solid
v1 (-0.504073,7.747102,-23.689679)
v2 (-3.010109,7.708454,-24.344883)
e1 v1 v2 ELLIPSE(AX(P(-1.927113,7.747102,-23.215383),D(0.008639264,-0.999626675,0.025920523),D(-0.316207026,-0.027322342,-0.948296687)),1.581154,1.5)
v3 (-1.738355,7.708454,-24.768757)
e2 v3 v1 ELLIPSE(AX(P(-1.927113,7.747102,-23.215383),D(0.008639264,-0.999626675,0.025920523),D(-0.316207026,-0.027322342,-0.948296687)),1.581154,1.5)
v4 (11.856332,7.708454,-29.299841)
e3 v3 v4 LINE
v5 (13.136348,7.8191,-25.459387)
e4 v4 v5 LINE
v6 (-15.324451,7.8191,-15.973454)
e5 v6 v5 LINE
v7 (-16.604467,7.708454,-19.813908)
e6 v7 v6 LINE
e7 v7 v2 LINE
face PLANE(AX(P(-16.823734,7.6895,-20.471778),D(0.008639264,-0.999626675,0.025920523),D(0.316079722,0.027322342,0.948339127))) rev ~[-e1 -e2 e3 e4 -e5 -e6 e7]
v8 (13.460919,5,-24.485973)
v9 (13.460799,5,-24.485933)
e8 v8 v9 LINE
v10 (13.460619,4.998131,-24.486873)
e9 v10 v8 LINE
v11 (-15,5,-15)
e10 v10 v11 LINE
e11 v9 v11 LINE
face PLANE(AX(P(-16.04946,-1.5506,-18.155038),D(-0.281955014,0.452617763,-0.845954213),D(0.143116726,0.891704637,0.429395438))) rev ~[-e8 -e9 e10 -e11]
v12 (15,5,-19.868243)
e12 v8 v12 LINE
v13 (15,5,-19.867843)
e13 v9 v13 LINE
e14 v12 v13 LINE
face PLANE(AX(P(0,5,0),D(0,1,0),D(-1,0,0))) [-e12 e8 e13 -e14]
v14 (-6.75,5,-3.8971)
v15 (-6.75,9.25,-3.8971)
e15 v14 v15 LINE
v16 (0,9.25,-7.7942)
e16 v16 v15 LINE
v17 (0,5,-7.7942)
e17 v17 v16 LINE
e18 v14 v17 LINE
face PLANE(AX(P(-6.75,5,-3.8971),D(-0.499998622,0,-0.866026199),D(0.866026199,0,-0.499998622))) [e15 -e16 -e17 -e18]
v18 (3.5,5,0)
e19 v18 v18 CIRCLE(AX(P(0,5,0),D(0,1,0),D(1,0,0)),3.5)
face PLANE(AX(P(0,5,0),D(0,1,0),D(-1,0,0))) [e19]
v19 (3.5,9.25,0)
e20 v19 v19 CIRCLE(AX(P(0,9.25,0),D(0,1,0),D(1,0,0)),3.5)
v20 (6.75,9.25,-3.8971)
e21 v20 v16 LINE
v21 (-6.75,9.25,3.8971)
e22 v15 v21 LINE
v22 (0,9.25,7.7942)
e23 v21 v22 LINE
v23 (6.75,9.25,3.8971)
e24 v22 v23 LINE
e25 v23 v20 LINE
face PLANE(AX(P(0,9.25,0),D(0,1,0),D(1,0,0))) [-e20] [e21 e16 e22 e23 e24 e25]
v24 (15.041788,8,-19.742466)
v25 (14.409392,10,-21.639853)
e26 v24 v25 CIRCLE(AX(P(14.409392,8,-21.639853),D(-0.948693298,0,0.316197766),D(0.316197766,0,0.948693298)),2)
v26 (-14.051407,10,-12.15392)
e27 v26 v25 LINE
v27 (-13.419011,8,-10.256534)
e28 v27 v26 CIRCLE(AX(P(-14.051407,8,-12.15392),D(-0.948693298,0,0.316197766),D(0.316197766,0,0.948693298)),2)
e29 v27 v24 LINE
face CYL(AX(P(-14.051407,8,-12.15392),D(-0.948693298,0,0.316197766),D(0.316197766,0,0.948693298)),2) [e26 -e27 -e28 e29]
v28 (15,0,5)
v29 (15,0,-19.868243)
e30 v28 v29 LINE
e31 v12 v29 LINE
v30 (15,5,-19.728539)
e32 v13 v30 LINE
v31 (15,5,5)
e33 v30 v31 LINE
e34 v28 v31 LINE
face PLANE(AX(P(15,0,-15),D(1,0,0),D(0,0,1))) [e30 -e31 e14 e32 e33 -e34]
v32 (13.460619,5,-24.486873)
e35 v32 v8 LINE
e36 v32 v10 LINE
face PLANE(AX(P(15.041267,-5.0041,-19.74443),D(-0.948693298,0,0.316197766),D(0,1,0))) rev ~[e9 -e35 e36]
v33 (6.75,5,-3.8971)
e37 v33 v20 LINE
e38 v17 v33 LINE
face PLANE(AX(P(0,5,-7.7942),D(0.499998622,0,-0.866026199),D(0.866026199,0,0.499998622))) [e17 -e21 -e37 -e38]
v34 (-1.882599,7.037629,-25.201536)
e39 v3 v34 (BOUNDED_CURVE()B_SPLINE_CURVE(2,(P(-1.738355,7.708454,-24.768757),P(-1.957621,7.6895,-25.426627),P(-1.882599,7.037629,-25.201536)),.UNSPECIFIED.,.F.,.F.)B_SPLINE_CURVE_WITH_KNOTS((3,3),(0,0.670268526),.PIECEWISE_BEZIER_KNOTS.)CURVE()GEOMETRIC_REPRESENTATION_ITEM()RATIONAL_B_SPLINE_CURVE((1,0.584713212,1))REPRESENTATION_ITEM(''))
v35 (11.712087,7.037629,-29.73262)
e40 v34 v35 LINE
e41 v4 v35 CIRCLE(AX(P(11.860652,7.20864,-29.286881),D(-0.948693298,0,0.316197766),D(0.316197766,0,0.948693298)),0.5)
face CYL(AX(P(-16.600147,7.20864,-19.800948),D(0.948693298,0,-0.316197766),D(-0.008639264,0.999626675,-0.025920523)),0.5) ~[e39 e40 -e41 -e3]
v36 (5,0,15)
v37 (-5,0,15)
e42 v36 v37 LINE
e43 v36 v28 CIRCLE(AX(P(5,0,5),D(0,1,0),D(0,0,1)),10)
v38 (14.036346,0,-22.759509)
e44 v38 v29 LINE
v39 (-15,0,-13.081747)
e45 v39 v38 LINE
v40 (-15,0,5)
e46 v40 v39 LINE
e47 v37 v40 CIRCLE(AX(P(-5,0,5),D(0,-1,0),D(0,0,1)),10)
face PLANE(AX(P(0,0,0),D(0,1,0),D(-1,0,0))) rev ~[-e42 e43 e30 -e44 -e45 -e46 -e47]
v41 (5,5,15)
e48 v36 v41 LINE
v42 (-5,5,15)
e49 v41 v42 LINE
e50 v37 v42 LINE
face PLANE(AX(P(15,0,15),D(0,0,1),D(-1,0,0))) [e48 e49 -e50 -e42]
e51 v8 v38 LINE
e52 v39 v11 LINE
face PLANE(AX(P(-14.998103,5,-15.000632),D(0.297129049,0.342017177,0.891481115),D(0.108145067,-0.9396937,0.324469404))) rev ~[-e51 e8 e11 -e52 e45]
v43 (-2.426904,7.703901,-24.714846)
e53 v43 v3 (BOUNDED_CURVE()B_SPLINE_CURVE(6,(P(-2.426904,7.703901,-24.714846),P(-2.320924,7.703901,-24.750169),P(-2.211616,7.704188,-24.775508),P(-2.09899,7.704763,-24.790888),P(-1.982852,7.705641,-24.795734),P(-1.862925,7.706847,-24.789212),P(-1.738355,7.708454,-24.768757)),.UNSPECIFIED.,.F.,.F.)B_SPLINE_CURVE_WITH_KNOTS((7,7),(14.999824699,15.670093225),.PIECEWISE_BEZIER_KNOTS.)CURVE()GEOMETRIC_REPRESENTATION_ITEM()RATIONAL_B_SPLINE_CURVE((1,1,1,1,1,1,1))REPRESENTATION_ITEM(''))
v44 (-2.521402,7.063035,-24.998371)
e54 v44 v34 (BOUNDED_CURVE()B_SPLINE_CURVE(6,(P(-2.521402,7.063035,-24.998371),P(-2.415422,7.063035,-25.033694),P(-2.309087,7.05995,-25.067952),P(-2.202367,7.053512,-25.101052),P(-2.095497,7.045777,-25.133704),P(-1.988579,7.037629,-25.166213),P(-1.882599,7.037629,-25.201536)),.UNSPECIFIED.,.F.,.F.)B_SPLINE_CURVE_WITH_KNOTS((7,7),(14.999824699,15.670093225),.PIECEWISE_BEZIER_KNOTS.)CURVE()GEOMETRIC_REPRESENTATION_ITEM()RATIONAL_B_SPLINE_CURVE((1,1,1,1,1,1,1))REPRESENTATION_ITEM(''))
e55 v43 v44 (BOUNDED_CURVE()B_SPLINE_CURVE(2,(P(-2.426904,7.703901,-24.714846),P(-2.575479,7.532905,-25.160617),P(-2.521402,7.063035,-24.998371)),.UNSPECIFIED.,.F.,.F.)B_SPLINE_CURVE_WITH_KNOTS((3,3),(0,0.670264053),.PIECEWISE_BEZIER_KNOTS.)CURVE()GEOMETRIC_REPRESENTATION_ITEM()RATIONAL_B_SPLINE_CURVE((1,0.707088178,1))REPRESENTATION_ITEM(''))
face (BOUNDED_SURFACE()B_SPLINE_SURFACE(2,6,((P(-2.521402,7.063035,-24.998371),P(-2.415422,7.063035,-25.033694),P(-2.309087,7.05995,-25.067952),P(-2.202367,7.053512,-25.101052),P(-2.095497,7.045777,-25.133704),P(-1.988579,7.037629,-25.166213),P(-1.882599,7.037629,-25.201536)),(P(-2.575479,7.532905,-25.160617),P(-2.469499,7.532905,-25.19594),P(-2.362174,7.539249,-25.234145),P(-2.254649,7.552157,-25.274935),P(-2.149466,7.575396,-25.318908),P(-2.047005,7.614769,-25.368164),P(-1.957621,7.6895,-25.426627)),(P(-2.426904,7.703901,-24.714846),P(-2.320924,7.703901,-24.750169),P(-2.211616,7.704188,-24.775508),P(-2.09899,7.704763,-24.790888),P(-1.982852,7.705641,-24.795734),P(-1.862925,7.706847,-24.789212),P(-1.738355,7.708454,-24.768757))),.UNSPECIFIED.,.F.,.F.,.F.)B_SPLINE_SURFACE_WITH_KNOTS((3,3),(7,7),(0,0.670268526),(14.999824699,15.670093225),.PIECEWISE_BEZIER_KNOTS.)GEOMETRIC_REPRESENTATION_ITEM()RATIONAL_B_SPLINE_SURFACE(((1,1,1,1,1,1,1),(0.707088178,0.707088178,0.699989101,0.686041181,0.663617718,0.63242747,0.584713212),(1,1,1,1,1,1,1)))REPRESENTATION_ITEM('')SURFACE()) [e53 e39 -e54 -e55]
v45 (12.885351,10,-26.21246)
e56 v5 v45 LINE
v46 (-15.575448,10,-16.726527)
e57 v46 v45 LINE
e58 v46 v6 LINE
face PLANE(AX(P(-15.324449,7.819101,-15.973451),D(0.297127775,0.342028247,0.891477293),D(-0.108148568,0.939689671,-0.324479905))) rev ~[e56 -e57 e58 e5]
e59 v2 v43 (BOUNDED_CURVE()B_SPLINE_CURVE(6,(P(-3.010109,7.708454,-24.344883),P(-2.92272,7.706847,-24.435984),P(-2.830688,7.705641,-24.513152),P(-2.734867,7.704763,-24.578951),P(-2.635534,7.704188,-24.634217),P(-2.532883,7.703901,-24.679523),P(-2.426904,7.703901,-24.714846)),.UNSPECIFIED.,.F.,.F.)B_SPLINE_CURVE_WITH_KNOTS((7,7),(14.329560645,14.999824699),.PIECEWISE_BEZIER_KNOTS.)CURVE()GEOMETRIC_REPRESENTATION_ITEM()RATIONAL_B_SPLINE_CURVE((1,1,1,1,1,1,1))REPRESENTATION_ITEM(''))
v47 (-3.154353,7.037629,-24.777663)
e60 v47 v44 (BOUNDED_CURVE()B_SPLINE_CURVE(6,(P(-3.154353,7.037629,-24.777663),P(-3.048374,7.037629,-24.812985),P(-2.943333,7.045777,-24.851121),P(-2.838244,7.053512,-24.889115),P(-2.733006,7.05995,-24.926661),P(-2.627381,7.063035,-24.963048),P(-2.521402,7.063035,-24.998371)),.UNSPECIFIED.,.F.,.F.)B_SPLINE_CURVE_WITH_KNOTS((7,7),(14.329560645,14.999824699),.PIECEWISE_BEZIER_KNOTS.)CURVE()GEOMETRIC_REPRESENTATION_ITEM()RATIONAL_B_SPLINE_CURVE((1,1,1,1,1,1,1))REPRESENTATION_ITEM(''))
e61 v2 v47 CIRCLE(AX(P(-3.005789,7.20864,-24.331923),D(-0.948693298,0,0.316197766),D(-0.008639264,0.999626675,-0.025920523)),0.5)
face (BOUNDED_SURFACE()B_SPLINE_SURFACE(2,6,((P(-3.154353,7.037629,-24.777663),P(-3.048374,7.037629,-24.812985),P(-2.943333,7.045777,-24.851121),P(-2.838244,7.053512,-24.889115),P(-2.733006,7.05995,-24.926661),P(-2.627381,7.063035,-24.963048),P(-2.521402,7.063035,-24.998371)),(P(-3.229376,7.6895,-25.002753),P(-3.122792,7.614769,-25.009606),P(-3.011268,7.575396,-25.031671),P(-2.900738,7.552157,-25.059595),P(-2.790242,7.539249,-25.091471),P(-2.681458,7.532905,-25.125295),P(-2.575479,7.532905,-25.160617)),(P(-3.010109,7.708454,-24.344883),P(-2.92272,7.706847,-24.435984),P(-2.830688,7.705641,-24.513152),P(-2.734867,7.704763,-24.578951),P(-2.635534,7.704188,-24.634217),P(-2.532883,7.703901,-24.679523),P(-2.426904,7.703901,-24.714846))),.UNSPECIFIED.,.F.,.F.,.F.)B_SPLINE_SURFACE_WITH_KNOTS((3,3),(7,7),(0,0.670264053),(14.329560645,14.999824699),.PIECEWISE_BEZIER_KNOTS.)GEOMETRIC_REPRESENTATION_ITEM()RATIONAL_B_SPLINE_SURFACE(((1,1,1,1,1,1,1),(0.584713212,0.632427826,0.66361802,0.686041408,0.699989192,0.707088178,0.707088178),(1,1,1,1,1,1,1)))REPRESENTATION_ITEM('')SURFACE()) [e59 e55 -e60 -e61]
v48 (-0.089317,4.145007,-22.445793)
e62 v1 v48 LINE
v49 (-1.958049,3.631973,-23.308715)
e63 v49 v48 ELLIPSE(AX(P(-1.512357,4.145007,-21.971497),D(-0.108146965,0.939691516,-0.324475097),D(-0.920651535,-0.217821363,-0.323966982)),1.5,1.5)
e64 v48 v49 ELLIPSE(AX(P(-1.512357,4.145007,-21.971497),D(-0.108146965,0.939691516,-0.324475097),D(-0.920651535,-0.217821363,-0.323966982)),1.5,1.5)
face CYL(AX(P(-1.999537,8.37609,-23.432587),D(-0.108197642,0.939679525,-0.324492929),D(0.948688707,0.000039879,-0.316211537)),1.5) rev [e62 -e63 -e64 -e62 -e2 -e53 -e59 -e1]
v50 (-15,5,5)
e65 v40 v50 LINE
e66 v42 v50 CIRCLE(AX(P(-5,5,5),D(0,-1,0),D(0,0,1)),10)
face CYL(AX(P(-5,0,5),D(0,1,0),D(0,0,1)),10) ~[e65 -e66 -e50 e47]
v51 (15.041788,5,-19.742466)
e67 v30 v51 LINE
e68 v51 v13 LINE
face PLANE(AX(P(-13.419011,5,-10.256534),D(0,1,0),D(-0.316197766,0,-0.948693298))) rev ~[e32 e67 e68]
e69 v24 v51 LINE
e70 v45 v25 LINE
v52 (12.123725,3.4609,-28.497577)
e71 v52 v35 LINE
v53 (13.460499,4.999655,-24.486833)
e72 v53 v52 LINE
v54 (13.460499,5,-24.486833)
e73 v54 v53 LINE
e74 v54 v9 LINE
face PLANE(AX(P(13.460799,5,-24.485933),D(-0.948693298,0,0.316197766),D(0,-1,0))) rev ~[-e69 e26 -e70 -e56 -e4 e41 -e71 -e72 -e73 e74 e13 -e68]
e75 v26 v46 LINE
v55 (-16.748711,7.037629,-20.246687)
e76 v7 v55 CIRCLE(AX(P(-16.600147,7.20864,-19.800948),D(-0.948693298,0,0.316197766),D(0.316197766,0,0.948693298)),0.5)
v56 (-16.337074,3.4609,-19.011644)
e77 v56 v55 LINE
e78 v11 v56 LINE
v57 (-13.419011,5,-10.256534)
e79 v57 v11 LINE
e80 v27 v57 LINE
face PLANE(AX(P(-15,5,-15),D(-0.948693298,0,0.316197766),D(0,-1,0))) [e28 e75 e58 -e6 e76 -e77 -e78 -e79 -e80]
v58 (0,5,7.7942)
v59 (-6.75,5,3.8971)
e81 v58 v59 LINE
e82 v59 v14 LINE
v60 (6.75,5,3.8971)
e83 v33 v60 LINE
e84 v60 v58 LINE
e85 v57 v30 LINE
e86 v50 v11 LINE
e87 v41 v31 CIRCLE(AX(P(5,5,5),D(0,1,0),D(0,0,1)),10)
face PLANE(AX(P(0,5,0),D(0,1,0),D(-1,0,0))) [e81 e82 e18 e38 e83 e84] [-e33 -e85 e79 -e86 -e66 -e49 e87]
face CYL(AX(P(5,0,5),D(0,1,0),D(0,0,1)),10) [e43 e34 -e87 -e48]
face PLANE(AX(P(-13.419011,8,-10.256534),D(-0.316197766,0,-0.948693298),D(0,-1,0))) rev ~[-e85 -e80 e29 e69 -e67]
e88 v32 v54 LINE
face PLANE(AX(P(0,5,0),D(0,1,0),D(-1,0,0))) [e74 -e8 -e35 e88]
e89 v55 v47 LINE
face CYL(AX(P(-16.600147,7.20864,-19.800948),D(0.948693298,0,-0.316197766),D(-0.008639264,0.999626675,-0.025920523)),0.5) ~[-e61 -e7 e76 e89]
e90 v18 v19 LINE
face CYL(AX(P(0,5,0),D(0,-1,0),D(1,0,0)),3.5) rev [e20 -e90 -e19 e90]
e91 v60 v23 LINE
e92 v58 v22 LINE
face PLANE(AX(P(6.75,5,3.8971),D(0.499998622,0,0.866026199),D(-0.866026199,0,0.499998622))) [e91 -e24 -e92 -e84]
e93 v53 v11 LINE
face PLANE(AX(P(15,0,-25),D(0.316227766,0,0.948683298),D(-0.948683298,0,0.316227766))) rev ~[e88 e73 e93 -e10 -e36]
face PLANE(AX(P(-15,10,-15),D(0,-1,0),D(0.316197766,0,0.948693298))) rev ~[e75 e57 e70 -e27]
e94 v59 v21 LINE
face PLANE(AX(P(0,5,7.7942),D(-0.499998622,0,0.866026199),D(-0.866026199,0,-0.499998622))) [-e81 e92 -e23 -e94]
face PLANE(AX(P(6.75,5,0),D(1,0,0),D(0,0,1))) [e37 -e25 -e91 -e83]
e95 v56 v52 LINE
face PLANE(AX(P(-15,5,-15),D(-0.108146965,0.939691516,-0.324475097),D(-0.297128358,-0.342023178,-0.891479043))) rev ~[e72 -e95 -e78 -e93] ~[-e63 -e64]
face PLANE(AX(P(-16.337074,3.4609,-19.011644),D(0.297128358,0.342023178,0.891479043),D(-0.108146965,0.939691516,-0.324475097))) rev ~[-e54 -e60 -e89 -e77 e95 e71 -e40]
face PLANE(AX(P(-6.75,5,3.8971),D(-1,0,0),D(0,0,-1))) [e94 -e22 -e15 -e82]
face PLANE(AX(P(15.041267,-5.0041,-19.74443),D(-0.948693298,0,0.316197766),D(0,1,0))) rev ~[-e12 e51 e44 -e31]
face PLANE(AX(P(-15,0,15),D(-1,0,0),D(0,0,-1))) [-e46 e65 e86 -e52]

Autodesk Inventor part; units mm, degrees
ref_plane "YZ Plane" through (0, 0, 0) normal (1, 0, 0) x (0, 1, 0)
ref_plane "XZ Plane" through (0, 0, 0) normal (0, 1, 0) x (-1, 0, 0)
ref_plane "XY Plane" through (0, 0, 0) normal (0, 0, 1) x (1, 0, 0)
sketch "Sketch1" plane through (0, 0, 0) normal (0, 1, 0) x (-1, 0, 0)
  line L0 (-15, 15) -> (15, 15)
  line L1 (15, 15) -> (15, -15)
  line L2 (15, -15) -> (-15, -15)
  line L3 (-15, -15) -> (-15, 15)
  line L4 (-15, 15) -> (15, -15) construction
  line L5 (15, 15) -> (-15, -15) construction
  line L6 (-15, -15) -> (-15, -25)
  line L7 (-15, -25) -> (15, -15)
  point P0 (0, 0)
  dimension "d0" = 30
  dimension "d1" = 30
  dimension "d2" = 10
extrude "Extrusion1" add sketch "Sketch1" along normal blind 5
sketch "Sketch2" plane through (0, 5, 0) normal (0, 1, 0) x (1, 0, 0)
  line L0 (15, 25) -> (-15, 15) projected
  line L1 (15, 25) -> (18.0837, 15.7488)
  line L2 (15, -15) -> (15, 25) projected
  line L3 (15, 25) -> (6.9886, 22.3295)
  line L4 (-15, 15) -> (-9.6166, 16.7945)
  line L5 (-15, 15) -> (-13.1902, 9.5707)
  point P0 (0, 0)
ref_plane "Work Plane2" through (-15, 5, -15) normal (-0.9487, 0, 0.3162) x (0, -1, 0)
sketch "Sketch3" plane through (-15, 5, -15) normal (-0.9487, 0, 0.3162) x (0, -1, 0)
  line L0 (0, 37.9473) -> (0, 0) projected
  line L1 (0, 0) -> (-5, 0)
  line L2 (-5, 0) -> (-5, 3)
  line L3 (-3, 5) -> (0, 5)
  line L4 (0, 0) -> (0, 5)
  arc A0 (-3, 5) -> (-5, 3) centre (-3, 3) ccw
  line L5 (0, 0) -> (5.0254, 0) construction
  line L6 (5, 0) -> (0, 0) projected
  line L7 (0, 0) -> (-5, -1.8199)
  line L8 (0, 0) -> (5.3209, 0) construction
  line L9 (-5, -1.8199) -> (-5, 0)
  line L10 (0, 0) -> (-3.2889, -1.1971)
  line L11 (0, 0) -> (-2.8191, -1.0261)
  line L12 (0, 0) -> (1.5391, -4.2286)
  line L13 (1.5391, -4.2286) -> (-2.6895, -5.7677)
  line L14 (-2.6895, -5.7677) -> (-2.8191, -1.0261)
  point P0 (5, 18.9737)
  point P1 (-5, 5)
  dimension "d5" = 5
  dimension "d6" = 5
  dimension "d7" = 2
  dimension "d9" = 160
  dimension "d12" = 3.5
  dimension "d20" = 3
  dimension "d21" = 4.5
extrude "Extrusion2" add sketch "Sketch3" against normal blind 30
ref_plane "Work Plane4" through (-16.8239, 7.6895, -20.4717) normal (0.1082, -0.9397, 0.3245) x (0.9487, 0, -0.3162)
sketch "Sketch5" plane through (-16.8239, 7.6895, -20.4717) normal (0.1082, -0.9397, 0.3245) x (0.9487, 0, -0.3162)
  line L0 (30, 4.5) -> (30, 0) projected
  line L1 (30, 0) -> (30, -0.5)
  line L2 (30, -0.5) -> (15, -0.5)
  line L3 (15, -0.5) -> (15, 2)
  circle A0 centre (15, 2) radius 1.5
  point P0 (9.4868, 20.6193)
  dimension "d24" = 0.5
  dimension "d25" = 15
  dimension "d26" = 2.5
  dimension "d27" = 3
extrude "Extrusion4" cut sketch "Sketch5" along normal blind 10
sketch "Sketch6" plane through (0, 5, 0) normal (0, 1, 0) x (1, 0, 0)
  circle A0 centre (0, 0) radius 6.75
  line L0 (-6.75, 3.8971) -> (0, 7.7942)
  line L1 (0, 7.7942) -> (6.75, 3.8971)
  line L2 (6.75, 3.8971) -> (6.75, -3.8971)
  line L3 (6.75, -3.8971) -> (0, -7.7942)
  line L4 (0, -7.7942) -> (-6.75, -3.8971)
  line L5 (-6.75, -3.8971) -> (-6.75, 3.8971)
  circle A1 centre (0, 0) radius 3.5
  point P0 (-6.75, 0)
  dimension "d43" = 13.5
  dimension "d44" = 7
extrude "Extrusion5" add sketch "Sketch6" along normal blind 4.25
sketch "Sketch7" plane through (-15, 5, -15) normal (-0.9487, 0, 0.3162) x (0, -1, 0)
  line L0 (0, 0) -> (6.5506, 2.3842)
  line L1 (0, 0) -> (6.971, 0) construction
  line L2 (6.5506, 2.3842) -> (6.5506, -3.325)
  line L3 (6.5506, -3.325) -> (0, 0)
  point P0 (5, 18.9737)
  dimension "d34" = 20
extrude "Extrusion6" cut sketch "Sketch7" along normal blind 5 and the other way blind 40
fillet "Fillet2" radius 0.5 1 edges at (-2.5937, 7.6895, -25.2151)
sketch "Sketch8" plane through (-13.4189, 5, -10.2566) normal (0.3162, 0, 0.9487) x (0.9487, 0, -0.3162)
  line L0 (30, 0) -> (31.6228, 0) projected
  line L1 (30, 0) -> (36.1043, 0)
  line L2 (36.1043, 0) -> (36.1043, -10.0041)
  line L3 (36.1043, -10.0041) -> (30, -10.0041)
  line L4 (30, -10.0041) -> (30, 0)
  point P0 (9.4868, -5)
extrude "Extrusion7" cut sketch "Sketch8" along normal mid plane 20
fillet "Fillet3" radius 10 2 edges at (15, 2.5, 15) (-15, 2.5, 15)
properties part number "sem2_thumbmount"
